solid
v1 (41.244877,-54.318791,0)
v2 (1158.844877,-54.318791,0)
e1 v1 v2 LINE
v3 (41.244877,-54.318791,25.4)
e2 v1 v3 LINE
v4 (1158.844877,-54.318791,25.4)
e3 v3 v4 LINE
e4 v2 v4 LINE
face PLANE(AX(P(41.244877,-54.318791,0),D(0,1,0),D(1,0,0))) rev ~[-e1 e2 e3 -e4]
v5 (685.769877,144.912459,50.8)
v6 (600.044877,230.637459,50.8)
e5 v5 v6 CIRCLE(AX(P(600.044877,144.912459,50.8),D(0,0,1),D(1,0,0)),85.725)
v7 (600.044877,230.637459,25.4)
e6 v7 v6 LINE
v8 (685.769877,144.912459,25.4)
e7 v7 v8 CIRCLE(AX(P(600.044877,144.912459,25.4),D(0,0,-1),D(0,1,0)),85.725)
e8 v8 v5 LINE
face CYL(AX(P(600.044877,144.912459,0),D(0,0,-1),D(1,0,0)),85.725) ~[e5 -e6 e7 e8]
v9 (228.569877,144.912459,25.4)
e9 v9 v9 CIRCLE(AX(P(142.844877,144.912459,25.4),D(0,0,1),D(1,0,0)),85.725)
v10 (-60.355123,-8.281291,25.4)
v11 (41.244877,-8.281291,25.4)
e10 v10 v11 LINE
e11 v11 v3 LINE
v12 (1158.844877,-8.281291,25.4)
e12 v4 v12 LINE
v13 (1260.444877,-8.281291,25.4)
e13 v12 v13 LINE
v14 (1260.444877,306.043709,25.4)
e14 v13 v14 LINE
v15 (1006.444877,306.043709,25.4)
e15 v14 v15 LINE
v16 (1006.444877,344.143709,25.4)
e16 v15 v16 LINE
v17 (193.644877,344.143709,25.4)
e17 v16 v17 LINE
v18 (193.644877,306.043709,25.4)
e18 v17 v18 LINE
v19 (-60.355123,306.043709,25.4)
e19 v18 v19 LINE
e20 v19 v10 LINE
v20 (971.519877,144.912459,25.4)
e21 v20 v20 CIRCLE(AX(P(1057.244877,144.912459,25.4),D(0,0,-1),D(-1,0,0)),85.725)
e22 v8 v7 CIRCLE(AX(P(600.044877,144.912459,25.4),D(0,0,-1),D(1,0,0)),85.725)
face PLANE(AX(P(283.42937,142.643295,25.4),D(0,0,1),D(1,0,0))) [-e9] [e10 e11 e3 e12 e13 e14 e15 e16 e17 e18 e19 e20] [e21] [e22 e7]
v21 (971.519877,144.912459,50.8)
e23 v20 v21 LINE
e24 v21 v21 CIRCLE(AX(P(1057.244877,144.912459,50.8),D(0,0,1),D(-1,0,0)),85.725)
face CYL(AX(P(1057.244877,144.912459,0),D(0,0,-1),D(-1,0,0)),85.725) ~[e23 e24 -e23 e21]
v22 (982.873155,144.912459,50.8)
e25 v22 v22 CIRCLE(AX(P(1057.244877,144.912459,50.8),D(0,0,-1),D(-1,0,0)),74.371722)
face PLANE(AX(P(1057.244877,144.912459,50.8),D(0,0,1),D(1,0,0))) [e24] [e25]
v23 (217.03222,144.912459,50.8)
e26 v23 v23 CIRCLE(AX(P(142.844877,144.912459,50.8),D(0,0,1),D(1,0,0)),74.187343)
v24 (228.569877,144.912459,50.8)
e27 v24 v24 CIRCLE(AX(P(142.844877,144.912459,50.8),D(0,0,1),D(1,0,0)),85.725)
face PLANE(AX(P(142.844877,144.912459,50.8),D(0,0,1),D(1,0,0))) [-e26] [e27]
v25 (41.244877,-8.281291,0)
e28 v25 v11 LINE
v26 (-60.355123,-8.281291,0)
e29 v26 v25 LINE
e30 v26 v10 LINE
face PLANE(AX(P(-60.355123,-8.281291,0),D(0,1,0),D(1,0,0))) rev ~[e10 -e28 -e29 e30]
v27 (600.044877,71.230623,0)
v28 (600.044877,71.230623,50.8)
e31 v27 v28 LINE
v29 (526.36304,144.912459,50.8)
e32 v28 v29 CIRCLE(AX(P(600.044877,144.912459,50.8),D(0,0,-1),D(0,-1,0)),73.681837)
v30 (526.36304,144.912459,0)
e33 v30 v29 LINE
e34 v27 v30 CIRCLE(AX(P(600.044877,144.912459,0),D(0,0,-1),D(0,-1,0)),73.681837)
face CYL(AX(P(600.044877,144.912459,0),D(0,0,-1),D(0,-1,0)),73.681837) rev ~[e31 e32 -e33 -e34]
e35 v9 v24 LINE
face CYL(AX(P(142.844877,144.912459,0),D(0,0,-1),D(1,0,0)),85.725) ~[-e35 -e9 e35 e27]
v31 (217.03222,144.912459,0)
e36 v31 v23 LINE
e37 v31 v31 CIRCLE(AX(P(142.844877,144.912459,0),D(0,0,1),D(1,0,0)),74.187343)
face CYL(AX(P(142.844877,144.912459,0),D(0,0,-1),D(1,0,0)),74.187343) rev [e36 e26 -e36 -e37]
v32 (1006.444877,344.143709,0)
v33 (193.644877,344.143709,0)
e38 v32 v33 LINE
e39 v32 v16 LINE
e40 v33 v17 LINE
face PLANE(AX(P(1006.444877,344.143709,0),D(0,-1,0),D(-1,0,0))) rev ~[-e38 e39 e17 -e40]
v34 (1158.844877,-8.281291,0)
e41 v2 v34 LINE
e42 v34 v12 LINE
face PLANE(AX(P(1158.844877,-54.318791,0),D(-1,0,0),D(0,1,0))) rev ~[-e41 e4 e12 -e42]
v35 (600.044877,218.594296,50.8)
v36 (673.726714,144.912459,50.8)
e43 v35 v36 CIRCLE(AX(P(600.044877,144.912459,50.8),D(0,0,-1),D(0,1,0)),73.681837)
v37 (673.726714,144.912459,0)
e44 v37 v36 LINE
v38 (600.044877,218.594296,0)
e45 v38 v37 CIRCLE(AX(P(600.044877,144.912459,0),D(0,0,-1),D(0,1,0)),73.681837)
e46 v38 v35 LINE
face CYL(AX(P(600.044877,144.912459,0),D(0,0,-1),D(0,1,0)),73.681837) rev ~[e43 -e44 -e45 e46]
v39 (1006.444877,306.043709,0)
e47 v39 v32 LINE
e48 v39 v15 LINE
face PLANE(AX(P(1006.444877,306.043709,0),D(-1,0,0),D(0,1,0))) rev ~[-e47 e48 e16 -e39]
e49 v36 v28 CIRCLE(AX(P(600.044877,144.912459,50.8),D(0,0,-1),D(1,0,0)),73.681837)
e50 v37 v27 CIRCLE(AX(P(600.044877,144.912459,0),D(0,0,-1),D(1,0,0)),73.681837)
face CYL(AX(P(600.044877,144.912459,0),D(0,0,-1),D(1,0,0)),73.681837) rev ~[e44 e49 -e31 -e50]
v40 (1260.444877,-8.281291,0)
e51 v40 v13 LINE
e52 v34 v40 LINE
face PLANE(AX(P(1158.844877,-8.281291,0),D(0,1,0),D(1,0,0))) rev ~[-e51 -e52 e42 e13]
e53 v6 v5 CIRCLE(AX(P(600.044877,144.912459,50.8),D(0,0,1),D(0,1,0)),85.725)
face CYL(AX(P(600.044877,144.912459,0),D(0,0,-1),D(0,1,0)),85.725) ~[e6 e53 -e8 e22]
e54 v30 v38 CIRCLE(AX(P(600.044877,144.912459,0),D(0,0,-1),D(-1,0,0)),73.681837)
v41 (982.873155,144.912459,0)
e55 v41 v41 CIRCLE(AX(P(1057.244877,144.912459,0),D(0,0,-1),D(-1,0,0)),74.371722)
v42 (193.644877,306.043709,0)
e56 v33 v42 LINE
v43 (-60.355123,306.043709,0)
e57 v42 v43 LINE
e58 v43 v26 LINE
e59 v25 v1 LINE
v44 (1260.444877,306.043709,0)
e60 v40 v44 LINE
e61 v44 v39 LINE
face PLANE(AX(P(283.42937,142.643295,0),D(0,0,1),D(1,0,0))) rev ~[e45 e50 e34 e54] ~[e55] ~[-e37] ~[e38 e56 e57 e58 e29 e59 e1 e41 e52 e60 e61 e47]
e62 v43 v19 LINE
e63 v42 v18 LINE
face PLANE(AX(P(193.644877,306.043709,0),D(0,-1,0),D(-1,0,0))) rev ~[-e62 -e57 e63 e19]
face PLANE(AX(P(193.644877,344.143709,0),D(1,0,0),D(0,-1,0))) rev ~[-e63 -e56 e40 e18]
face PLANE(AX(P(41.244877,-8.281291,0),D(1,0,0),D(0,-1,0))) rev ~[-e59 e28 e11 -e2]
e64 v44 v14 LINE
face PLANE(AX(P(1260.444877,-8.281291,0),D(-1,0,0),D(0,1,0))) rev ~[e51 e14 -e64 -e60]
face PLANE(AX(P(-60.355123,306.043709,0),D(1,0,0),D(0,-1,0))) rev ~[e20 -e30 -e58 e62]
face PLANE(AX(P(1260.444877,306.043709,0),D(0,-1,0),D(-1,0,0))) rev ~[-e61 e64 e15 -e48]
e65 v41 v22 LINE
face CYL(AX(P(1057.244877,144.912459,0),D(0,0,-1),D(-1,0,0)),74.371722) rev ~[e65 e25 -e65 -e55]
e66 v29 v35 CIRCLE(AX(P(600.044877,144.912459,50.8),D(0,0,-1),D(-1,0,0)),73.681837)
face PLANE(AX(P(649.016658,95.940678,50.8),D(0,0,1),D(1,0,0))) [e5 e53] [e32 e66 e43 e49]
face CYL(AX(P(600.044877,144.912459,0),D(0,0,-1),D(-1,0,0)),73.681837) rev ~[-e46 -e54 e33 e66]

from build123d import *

# Parameters (mm, degrees)
F0_R     = 85.725
F1_DEPTH = 25.4
F0_R_2   = 74.1873427713
F2_DEPTH = 50.8
F3_DEPTH = 50.8
F4_DEPTH = 50.8


with BuildPart() as f1:
    # F0 (on Top) → F1 (new body)
    with BuildSketch(Plane.XY):
        with BuildLine():
            Line((193.6448768675, 306.0437094688), (-60.3551231325, 306.0437094688))
            Line((-60.3551231325, 306.0437094688), (-60.3551231325, -8.2812905312))
            Line((-60.3551231325, -8.2812905312), (41.2448768675, -8.2812905312))
            Line((41.2448768675, -8.2812905312), (41.2448768675, -54.3187905312))
            Line((41.2448768675, -54.3187905312), (600.0448768675, -54.3187905312))
            Line((600.0448768675, -54.3187905312), (600.0448768675, 59.1874594688))
            ThreePointArc((600.0448768675, 59.1874594688), (539.4281480503, 84.2957306516), (514.3198768675, 144.9124594688))
            ThreePointArc((514.3198768675, 144.9124594688), (539.4281480503, 205.5291882861), (600.0448768675, 230.6374594688))
            Line((600.0448768675, 230.6374594688), (600.0448768675, 344.1437094688))
            Line((600.0448768675, 344.1437094688), (193.6448768675, 344.1437094688))
            Line((193.6448768675, 344.1437094688), (193.6448768675, 306.0437094688))
        make_face()
        with Locations((142.8448768675, 144.9124594688)):
            Circle(F0_R, mode=Mode.SUBTRACT)
        with BuildLine():
            Line((1006.4448768675, 344.1437094688), (600.0448768675, 344.1437094688))
            Line((600.0448768675, 344.1437094688), (600.0448768675, 230.6374594688))
            ThreePointArc((600.0448768675, 230.6374594688), (660.6616056848, 205.5291882861), (685.7698768675, 144.9124594688))
            ThreePointArc((685.7698768675, 144.9124594688), (660.6616056848, 84.2957306516), (600.0448768675, 59.1874594688))
            Line((600.0448768675, 59.1874594688), (600.0448768675, -54.3187905312))
            Line((600.0448768675, -54.3187905312), (1158.8448768675, -54.3187905312))
            Line((1158.8448768675, -54.3187905312), (1158.8448768675, -8.2812905312))
            Line((1158.8448768675, -8.2812905312), (1260.4448768675, -8.2812905312))
            Line((1260.4448768675, -8.2812905312), (1260.4448768675, 306.0437094688))
            Line((1260.4448768675, 306.0437094688), (1006.4448768675, 306.0437094688))
            Line((1006.4448768675, 306.0437094688), (1006.4448768675, 344.1437094688))
        make_face()
        with BuildLine():
            ThreePointArc((1142.9698768675, 144.9124594688), (1057.2448768675, 59.1874594688), (971.5198768675, 144.9124594688))
            ThreePointArc((971.5198768675, 144.9124594688), (1057.2448768675, 230.6374594688), (1142.9698768675, 144.9124594688))
        make_face(mode=Mode.SUBTRACT)
    extrude(amount=F1_DEPTH)

    # F0 (on Top) → F2 (join)
    with BuildSketch(Plane.XY):
        with Locations((142.8448768675, 144.9124594688)):
            Circle(F0_R)
        with Locations((142.8448768675, 144.9124594688)):
            Circle(F0_R_2, mode=Mode.SUBTRACT)
    extrude(amount=F2_DEPTH)

    # F0 (on Top) → F3 (join)
    with BuildSketch(Plane.XY):
        with BuildLine():
            Line((600.0448768675, 71.2306225134), (600.0448768675, 59.1874594688))
            ThreePointArc((600.0448768675, 59.1874594688), (660.6616056848, 84.2957306516), (685.7698768675, 144.9124594688))
            Line((685.7698768675, 144.9124594688), (673.726713823, 144.9124594688))
            ThreePointArc((673.726713823, 144.9124594688), (652.145803429, 92.8115329074), (600.0448768675, 71.2306225134))
        make_face()
        with BuildLine():
            ThreePointArc((685.7698768675, 144.9124594688), (660.6616056848, 205.5291882861), (600.0448768675, 230.6374594688))
            Line((600.0448768675, 230.6374594688), (600.0448768675, 218.5942964243))
            ThreePointArc((600.0448768675, 218.5942964243), (652.145803429, 197.0133860303), (673.726713823, 144.9124594688))
            Line((673.726713823, 144.9124594688), (685.7698768675, 144.9124594688))
        make_face()
        with BuildLine():
            Line((600.0448768675, 218.5942964243), (600.0448768675, 230.6374594688))
            ThreePointArc((600.0448768675, 230.6374594688), (539.4281480503, 205.5291882861), (514.3198768675, 144.9124594688))
            Line((514.3198768675, 144.9124594688), (526.3630399121, 144.9124594688))
            ThreePointArc((526.3630399121, 144.9124594688), (547.9439503061, 197.0133860303), (600.0448768675, 218.5942964243))
        make_face()
        with BuildLine():
            ThreePointArc((514.3198768675, 144.9124594688), (539.4281480503, 84.2957306516), (600.0448768675, 59.1874594688))
            Line((600.0448768675, 59.1874594688), (600.0448768675, 71.2306225134))
            ThreePointArc((600.0448768675, 71.2306225134), (547.9439503061, 92.8115329074), (526.3630399121, 144.9124594688))
            Line((526.3630399121, 144.9124594688), (514.3198768675, 144.9124594688))
        make_face()
    extrude(amount=F3_DEPTH)

    # F0 (on Top) → F4 (join)
    with BuildSketch(Plane.XY):
        with BuildLine():
            ThreePointArc((1142.9698768675, 144.9124594688), (1057.2448768675, 230.6374594688), (971.5198768675, 144.9124594688))
            ThreePointArc((971.5198768675, 144.9124594688), (1057.2448768675, 59.1874594688), (1142.9698768675, 144.9124594688))
        make_face()
        with BuildLine():
            ThreePointArc((1131.6165984788, 144.9124594688), (1057.2448768675, 70.5407378575), (982.8731552562, 144.9124594688))
            ThreePointArc((982.8731552562, 144.9124594688), (1057.2448768675, 219.2841810801), (1131.6165984788, 144.9124594688))
        make_face(mode=Mode.SUBTRACT)
    extrude(amount=F4_DEPTH)


solid = f1.part
